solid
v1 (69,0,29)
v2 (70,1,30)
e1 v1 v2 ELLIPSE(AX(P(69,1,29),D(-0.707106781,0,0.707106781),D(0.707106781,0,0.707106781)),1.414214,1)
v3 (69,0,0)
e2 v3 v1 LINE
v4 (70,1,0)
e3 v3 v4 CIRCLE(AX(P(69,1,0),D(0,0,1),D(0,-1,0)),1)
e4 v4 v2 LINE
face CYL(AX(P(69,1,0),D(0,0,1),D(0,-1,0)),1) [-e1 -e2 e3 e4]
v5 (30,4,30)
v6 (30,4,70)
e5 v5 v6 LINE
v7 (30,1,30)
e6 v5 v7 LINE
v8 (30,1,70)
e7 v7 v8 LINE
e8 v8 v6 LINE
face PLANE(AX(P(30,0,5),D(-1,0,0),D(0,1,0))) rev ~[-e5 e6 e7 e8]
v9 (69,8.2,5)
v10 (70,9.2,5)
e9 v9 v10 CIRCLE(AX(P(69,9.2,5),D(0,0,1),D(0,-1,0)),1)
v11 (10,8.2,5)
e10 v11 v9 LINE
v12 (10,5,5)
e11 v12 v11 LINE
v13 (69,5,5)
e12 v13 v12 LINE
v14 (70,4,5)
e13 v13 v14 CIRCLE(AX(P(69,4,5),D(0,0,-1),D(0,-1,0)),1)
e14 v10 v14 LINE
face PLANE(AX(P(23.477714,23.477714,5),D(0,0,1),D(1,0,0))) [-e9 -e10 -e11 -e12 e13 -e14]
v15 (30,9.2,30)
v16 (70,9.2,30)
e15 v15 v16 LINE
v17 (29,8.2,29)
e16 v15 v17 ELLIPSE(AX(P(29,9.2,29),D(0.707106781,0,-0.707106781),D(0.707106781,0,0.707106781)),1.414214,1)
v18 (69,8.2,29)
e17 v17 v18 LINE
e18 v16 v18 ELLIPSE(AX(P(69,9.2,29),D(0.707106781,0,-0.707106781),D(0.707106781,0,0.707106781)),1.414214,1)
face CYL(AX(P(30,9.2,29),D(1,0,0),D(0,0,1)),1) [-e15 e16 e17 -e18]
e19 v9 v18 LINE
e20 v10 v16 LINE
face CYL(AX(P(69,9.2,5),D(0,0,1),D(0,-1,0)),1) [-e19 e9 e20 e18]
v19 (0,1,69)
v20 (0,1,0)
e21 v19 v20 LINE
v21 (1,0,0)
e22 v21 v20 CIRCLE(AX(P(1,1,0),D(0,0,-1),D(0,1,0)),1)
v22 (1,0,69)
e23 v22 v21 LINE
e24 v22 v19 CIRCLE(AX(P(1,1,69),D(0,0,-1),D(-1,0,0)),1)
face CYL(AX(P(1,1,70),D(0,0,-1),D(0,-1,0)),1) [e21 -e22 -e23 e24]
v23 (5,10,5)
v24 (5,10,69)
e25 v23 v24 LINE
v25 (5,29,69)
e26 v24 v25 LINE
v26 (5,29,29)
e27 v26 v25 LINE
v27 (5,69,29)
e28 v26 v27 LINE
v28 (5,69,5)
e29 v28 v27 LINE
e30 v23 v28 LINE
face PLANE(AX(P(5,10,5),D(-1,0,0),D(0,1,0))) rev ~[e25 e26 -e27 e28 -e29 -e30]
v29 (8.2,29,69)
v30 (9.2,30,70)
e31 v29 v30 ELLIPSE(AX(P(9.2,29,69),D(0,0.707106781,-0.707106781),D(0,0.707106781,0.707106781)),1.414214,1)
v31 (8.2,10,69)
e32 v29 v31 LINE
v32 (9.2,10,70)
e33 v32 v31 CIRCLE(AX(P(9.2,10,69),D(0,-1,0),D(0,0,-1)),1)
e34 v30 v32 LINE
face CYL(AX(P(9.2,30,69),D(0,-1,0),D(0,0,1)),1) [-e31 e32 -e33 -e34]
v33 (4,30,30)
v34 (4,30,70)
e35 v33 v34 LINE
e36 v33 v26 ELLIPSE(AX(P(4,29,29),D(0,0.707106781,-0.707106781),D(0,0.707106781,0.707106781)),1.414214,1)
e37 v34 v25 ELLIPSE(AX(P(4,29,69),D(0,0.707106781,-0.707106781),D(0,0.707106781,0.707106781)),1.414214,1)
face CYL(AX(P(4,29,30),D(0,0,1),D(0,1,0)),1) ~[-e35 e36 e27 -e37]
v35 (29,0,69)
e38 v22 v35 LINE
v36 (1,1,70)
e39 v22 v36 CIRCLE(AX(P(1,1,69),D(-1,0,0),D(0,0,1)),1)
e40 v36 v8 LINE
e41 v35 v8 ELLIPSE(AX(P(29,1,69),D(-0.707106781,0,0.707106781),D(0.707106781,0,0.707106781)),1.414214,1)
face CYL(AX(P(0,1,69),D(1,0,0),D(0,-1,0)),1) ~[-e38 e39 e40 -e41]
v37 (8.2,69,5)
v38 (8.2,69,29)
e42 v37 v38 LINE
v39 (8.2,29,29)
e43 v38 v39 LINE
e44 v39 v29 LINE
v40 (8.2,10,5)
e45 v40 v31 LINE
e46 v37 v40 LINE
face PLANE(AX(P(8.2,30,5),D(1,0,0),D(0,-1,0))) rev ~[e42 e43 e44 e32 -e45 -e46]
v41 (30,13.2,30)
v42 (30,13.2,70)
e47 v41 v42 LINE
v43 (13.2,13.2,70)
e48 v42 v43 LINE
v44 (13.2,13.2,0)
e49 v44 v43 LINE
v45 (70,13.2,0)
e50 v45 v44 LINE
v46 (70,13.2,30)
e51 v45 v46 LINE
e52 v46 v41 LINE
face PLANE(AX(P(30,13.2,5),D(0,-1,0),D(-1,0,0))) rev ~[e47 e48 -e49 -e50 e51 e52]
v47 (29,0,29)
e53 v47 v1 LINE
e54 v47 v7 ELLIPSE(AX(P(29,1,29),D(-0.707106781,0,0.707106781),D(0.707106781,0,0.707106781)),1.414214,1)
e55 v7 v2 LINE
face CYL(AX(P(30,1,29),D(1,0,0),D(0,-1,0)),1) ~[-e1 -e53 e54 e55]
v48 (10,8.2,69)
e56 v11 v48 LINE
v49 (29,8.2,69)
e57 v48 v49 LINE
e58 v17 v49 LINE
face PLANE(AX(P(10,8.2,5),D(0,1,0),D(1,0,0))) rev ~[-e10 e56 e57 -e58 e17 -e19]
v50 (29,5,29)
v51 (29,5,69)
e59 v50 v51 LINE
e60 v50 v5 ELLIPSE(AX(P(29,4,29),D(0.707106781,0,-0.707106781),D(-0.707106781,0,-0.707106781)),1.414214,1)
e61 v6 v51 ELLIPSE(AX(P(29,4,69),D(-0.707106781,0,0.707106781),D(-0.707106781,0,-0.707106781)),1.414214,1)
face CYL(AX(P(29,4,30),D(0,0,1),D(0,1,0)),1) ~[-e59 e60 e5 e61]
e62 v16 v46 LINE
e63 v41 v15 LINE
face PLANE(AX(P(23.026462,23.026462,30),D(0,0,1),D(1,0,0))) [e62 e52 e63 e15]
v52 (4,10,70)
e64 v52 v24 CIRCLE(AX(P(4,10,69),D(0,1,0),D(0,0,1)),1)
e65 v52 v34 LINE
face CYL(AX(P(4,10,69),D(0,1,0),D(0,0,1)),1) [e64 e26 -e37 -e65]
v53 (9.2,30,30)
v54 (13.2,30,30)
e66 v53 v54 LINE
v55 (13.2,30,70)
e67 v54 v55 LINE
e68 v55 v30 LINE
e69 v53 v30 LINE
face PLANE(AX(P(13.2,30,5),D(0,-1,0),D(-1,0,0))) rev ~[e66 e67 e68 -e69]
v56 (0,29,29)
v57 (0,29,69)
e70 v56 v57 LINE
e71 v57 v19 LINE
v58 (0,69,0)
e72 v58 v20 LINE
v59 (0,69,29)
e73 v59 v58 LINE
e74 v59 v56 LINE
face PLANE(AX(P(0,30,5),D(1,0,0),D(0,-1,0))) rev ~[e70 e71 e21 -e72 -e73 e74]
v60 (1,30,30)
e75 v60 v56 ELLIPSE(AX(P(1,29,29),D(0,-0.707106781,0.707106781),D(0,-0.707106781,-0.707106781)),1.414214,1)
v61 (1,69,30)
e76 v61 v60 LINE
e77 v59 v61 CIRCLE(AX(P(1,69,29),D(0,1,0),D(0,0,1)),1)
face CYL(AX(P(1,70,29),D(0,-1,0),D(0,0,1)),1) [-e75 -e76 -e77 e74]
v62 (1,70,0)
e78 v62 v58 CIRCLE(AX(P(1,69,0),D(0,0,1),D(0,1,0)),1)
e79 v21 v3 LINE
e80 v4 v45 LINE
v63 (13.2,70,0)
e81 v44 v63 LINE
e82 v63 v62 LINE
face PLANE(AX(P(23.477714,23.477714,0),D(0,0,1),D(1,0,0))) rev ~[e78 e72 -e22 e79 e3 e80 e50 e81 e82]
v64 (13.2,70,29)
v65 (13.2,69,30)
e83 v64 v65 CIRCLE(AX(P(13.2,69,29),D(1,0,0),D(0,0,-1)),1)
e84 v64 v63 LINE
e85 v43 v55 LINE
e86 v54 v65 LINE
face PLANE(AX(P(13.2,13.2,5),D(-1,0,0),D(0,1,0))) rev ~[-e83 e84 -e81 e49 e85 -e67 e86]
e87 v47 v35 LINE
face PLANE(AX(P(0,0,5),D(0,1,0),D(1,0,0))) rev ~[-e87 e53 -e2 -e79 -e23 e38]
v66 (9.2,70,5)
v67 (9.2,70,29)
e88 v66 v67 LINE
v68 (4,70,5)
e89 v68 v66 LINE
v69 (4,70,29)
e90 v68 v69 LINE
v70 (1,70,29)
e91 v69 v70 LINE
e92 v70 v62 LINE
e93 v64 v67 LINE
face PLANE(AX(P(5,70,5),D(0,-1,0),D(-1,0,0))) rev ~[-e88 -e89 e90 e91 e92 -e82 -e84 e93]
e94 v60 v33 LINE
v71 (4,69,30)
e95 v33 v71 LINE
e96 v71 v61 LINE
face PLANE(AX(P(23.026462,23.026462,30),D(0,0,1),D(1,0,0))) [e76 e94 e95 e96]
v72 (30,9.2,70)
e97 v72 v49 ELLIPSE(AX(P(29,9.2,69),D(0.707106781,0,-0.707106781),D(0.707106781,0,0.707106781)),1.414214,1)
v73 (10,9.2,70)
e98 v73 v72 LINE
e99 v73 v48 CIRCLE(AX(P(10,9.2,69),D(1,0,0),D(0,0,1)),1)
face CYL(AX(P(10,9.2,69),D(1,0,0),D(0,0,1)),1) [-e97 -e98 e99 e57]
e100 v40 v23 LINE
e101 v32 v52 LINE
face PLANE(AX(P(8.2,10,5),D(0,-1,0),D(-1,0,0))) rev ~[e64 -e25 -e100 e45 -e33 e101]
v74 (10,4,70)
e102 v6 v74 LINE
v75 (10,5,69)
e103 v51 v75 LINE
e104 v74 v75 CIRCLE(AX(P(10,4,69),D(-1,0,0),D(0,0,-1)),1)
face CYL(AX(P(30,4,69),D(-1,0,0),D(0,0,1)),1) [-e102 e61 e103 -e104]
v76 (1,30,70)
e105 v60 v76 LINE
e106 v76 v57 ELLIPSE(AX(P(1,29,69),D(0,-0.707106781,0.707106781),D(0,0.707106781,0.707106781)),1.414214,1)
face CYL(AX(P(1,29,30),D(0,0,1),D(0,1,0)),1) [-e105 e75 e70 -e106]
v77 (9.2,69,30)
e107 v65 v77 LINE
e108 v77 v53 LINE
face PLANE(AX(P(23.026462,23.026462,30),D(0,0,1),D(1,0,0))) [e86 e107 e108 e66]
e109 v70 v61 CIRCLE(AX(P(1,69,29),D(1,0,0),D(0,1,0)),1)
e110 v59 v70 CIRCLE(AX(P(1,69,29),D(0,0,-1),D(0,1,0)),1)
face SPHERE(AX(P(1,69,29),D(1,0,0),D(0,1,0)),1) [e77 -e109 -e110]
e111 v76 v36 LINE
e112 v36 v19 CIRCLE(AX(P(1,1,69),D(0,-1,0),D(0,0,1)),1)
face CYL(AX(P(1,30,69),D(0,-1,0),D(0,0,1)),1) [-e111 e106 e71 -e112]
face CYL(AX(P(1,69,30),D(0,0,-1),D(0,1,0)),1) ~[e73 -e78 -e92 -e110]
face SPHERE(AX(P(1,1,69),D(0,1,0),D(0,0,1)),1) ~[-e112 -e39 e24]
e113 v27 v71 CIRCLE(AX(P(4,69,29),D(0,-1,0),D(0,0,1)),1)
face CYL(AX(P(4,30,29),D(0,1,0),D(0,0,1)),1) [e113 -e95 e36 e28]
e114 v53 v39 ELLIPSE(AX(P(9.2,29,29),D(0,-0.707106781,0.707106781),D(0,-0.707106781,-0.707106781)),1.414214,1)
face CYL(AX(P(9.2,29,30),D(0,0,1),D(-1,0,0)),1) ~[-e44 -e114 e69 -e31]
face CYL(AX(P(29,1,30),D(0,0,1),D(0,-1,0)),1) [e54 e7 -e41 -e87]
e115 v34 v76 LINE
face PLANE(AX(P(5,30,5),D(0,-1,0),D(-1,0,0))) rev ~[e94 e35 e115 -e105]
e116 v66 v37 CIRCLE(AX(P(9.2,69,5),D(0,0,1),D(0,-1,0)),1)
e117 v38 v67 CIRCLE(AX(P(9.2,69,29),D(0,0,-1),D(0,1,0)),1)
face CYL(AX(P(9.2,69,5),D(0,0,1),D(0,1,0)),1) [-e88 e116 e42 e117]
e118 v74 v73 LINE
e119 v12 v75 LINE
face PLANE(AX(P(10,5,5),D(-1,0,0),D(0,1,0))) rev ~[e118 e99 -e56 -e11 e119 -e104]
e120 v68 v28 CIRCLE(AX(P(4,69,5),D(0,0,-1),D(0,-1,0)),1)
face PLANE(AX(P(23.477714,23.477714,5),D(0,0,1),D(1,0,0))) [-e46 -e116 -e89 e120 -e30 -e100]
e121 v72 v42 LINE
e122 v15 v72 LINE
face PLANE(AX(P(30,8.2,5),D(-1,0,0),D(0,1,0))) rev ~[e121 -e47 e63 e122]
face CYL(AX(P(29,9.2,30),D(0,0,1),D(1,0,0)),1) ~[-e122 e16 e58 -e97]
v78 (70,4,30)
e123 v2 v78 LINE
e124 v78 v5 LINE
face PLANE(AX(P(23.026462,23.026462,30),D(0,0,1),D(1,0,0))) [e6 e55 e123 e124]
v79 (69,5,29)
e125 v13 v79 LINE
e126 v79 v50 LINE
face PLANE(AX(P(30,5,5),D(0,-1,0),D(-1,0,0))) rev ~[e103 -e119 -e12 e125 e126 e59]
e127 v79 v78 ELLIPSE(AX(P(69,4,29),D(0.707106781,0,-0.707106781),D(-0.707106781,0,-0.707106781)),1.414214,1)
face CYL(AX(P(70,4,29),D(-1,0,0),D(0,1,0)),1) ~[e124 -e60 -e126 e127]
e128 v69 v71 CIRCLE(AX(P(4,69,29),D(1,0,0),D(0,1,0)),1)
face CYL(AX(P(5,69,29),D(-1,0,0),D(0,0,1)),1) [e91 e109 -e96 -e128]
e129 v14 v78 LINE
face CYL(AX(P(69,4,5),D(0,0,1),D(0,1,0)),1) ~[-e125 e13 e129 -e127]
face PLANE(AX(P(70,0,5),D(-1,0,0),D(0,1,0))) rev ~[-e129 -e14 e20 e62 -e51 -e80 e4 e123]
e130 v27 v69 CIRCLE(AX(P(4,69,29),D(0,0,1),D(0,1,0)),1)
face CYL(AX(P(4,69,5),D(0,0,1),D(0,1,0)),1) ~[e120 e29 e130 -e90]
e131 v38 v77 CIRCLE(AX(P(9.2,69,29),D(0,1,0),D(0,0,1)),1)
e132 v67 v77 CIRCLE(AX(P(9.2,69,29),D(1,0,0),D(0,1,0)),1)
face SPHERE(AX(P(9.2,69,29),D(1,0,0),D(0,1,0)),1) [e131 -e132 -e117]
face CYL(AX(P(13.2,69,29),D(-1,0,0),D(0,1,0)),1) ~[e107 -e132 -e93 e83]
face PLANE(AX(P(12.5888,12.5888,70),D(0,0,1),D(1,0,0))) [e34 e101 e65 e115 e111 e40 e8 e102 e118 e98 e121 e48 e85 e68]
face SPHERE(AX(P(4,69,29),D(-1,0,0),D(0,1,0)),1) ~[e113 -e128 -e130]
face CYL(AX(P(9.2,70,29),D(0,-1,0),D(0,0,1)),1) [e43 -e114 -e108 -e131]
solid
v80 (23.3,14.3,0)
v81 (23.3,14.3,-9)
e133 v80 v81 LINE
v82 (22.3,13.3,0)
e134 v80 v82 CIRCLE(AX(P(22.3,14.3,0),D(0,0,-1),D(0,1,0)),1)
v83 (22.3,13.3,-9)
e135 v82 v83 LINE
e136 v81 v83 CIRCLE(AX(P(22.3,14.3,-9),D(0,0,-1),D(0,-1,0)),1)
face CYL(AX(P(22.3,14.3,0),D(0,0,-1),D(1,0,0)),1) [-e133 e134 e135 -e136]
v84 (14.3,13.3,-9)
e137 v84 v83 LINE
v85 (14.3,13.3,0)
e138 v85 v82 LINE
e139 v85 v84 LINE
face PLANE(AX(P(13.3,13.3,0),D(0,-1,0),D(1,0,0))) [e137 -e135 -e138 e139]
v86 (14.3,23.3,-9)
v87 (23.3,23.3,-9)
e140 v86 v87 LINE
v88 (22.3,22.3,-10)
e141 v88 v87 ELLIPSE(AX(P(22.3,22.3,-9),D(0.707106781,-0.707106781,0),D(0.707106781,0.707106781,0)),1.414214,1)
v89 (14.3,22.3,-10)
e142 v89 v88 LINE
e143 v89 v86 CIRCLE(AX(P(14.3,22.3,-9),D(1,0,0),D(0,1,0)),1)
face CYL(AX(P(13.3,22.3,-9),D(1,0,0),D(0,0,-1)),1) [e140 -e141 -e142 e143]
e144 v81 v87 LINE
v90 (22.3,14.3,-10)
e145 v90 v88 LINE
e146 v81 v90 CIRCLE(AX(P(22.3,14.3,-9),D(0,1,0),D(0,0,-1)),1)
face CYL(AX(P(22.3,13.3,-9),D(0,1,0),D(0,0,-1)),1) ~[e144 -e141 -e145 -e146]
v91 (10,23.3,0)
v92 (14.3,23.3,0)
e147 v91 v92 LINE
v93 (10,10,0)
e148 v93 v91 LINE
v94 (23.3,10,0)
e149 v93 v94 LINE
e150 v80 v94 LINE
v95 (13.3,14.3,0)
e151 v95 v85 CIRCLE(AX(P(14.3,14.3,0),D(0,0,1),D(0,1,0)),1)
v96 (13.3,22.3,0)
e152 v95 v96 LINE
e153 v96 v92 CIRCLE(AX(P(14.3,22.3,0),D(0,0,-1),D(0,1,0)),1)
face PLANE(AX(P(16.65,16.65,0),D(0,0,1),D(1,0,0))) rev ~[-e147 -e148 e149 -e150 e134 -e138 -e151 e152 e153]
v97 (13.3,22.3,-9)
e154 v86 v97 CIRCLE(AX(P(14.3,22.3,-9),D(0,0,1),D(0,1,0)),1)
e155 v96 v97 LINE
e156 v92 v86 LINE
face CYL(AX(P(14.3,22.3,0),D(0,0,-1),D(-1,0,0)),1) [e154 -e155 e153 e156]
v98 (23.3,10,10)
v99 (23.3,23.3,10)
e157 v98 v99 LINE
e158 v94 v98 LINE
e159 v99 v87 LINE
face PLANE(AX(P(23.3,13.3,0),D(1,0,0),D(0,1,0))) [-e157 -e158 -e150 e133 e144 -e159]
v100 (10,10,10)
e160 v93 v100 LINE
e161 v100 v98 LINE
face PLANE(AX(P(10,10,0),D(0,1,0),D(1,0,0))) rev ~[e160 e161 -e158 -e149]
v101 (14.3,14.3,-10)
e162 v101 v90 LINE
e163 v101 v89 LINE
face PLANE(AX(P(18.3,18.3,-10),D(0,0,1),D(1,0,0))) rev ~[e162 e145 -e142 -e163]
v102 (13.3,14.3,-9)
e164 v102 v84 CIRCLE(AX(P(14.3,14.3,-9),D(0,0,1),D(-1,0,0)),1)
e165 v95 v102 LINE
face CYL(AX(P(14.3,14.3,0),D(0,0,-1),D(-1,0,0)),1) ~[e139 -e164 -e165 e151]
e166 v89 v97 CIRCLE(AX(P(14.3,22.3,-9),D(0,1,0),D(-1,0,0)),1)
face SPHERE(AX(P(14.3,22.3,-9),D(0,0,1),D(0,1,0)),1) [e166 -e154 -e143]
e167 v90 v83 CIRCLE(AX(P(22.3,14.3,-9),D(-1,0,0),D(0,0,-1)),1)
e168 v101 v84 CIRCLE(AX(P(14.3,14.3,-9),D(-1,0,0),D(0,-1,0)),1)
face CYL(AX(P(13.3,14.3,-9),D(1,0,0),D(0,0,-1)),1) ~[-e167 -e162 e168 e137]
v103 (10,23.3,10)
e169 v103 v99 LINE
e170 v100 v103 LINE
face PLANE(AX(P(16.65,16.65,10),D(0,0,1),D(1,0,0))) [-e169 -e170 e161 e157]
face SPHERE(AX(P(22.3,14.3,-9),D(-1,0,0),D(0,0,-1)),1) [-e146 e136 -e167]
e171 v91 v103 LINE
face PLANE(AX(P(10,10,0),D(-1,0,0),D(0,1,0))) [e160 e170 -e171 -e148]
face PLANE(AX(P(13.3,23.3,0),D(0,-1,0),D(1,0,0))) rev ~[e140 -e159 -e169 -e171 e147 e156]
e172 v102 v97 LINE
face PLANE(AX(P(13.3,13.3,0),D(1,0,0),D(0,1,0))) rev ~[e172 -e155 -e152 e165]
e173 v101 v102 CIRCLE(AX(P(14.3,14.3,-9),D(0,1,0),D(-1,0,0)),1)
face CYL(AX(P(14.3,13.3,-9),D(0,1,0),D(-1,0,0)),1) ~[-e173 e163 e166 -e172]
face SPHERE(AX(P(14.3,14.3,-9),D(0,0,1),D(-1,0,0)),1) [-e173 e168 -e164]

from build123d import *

# Parameters (mm, degrees)
PAD_DEPTH    = 5
PAD001_DEPTH = 25
PAD002_DEPTH = 65
FILLET_R     = 1
SKETCH003_W  = 13.3
SKETCH003_H  = 13.3
PAD003_DEPTH = 10
SKETCH004_W  = 10
SKETCH004_H  = 10
PAD004_DEPTH = 10
FILLET001_R  = 1


with BuildPart() as body:
    # Sketch → Pad (new body)
    with BuildSketch(Plane.XY):
        Polygon((0, 0), (70, 0), (70, 13.2), (13.2, 13.2), (13.2, 70), (0, 70), align=None)
    extrude(amount=PAD_DEPTH)

    # Sketch001 (on DatumPlane) → Pad001 (join)
    with BuildSketch(Plane.XY.offset(5)):
        Polygon((0, 0), (70, 0), (70, 5), (10, 5), (10, 8.2), (70, 8.2), (70, 13.2), (13.2, 13.2), (13.2, 70), (8.2, 70), (8.2, 10), (5, 10), (5, 70), (0, 70), align=None)
    extrude(amount=PAD001_DEPTH)

    # Sketch002 (on DatumPlane) → Pad002 (join)
    with BuildSketch(Plane.XY.offset(5)):
        Polygon((0, 0), (30, 0), (30, 5), (10, 5), (10, 8.2), (30, 8.2), (30, 13.2), (13.2, 13.2), (13.2, 30), (8.2, 30), (8.2, 10), (5, 10), (5, 30), (0, 30), align=None)
    extrude(amount=PAD002_DEPTH)

    # Fillet
    fillet_edges = [body.edges().sort_by_distance(p)[0] for p in [
        (2.5, 70, 30),
        (10.7, 70, 30),
        (8.2, 70, 17.5),
        (5, 70, 17.5),
        (5, 50, 30),
        (8.2, 50, 30),
        (0, 70, 15),
        (0, 50, 30),
        (0, 30, 50),
        (5, 30, 50),
        (8.2, 30, 50),
        (0, 15, 70),
        (5, 20, 70),
        (8.2, 20, 70),
        (15, 0, 70),
        (20, 5, 70),
        (20, 8.2, 70),
        (30, 8.2, 50),
        (50, 8.2, 30),
        (50, 5, 30),
        (30, 5, 50),
        (30, 0, 50),
        (50, 0, 30),
        (70, 0, 15),
        (70, 5, 17.5),
        (70, 8.2, 17.5),
        (0, 0, 35),
    ]]
    fillet(fillet_edges, radius=FILLET_R)


with BuildPart() as body001:
    # Sketch003 → Pad003 (new body)
    with BuildSketch(Plane.XY):
        with Locations((16.65, 16.65)):
            Rectangle(SKETCH003_W, SKETCH003_H)
    extrude(amount=PAD003_DEPTH)

    # Sketch004 → Pad004 (join)
    with BuildSketch(Plane.XY):
        with Locations((18.3, 18.3)):
            Rectangle(SKETCH004_W, SKETCH004_H)
    extrude(amount=-PAD004_DEPTH)

    # Fillet001
    fillet001_edges = [body001.edges().sort_by_distance(p)[0] for p in [
        (13.3, 13.3, -5),
        (13.3, 23.3, -5),
        (18.3, 23.3, -10),
        (13.3, 18.3, -10),
        (18.3, 13.3, -10),
        (23.3, 18.3, -10),
        (23.3, 13.3, -5),
    ]]
    fillet(fillet001_edges, radius=FILLET001_R)


solid = Compound([body.part, body001.part])
